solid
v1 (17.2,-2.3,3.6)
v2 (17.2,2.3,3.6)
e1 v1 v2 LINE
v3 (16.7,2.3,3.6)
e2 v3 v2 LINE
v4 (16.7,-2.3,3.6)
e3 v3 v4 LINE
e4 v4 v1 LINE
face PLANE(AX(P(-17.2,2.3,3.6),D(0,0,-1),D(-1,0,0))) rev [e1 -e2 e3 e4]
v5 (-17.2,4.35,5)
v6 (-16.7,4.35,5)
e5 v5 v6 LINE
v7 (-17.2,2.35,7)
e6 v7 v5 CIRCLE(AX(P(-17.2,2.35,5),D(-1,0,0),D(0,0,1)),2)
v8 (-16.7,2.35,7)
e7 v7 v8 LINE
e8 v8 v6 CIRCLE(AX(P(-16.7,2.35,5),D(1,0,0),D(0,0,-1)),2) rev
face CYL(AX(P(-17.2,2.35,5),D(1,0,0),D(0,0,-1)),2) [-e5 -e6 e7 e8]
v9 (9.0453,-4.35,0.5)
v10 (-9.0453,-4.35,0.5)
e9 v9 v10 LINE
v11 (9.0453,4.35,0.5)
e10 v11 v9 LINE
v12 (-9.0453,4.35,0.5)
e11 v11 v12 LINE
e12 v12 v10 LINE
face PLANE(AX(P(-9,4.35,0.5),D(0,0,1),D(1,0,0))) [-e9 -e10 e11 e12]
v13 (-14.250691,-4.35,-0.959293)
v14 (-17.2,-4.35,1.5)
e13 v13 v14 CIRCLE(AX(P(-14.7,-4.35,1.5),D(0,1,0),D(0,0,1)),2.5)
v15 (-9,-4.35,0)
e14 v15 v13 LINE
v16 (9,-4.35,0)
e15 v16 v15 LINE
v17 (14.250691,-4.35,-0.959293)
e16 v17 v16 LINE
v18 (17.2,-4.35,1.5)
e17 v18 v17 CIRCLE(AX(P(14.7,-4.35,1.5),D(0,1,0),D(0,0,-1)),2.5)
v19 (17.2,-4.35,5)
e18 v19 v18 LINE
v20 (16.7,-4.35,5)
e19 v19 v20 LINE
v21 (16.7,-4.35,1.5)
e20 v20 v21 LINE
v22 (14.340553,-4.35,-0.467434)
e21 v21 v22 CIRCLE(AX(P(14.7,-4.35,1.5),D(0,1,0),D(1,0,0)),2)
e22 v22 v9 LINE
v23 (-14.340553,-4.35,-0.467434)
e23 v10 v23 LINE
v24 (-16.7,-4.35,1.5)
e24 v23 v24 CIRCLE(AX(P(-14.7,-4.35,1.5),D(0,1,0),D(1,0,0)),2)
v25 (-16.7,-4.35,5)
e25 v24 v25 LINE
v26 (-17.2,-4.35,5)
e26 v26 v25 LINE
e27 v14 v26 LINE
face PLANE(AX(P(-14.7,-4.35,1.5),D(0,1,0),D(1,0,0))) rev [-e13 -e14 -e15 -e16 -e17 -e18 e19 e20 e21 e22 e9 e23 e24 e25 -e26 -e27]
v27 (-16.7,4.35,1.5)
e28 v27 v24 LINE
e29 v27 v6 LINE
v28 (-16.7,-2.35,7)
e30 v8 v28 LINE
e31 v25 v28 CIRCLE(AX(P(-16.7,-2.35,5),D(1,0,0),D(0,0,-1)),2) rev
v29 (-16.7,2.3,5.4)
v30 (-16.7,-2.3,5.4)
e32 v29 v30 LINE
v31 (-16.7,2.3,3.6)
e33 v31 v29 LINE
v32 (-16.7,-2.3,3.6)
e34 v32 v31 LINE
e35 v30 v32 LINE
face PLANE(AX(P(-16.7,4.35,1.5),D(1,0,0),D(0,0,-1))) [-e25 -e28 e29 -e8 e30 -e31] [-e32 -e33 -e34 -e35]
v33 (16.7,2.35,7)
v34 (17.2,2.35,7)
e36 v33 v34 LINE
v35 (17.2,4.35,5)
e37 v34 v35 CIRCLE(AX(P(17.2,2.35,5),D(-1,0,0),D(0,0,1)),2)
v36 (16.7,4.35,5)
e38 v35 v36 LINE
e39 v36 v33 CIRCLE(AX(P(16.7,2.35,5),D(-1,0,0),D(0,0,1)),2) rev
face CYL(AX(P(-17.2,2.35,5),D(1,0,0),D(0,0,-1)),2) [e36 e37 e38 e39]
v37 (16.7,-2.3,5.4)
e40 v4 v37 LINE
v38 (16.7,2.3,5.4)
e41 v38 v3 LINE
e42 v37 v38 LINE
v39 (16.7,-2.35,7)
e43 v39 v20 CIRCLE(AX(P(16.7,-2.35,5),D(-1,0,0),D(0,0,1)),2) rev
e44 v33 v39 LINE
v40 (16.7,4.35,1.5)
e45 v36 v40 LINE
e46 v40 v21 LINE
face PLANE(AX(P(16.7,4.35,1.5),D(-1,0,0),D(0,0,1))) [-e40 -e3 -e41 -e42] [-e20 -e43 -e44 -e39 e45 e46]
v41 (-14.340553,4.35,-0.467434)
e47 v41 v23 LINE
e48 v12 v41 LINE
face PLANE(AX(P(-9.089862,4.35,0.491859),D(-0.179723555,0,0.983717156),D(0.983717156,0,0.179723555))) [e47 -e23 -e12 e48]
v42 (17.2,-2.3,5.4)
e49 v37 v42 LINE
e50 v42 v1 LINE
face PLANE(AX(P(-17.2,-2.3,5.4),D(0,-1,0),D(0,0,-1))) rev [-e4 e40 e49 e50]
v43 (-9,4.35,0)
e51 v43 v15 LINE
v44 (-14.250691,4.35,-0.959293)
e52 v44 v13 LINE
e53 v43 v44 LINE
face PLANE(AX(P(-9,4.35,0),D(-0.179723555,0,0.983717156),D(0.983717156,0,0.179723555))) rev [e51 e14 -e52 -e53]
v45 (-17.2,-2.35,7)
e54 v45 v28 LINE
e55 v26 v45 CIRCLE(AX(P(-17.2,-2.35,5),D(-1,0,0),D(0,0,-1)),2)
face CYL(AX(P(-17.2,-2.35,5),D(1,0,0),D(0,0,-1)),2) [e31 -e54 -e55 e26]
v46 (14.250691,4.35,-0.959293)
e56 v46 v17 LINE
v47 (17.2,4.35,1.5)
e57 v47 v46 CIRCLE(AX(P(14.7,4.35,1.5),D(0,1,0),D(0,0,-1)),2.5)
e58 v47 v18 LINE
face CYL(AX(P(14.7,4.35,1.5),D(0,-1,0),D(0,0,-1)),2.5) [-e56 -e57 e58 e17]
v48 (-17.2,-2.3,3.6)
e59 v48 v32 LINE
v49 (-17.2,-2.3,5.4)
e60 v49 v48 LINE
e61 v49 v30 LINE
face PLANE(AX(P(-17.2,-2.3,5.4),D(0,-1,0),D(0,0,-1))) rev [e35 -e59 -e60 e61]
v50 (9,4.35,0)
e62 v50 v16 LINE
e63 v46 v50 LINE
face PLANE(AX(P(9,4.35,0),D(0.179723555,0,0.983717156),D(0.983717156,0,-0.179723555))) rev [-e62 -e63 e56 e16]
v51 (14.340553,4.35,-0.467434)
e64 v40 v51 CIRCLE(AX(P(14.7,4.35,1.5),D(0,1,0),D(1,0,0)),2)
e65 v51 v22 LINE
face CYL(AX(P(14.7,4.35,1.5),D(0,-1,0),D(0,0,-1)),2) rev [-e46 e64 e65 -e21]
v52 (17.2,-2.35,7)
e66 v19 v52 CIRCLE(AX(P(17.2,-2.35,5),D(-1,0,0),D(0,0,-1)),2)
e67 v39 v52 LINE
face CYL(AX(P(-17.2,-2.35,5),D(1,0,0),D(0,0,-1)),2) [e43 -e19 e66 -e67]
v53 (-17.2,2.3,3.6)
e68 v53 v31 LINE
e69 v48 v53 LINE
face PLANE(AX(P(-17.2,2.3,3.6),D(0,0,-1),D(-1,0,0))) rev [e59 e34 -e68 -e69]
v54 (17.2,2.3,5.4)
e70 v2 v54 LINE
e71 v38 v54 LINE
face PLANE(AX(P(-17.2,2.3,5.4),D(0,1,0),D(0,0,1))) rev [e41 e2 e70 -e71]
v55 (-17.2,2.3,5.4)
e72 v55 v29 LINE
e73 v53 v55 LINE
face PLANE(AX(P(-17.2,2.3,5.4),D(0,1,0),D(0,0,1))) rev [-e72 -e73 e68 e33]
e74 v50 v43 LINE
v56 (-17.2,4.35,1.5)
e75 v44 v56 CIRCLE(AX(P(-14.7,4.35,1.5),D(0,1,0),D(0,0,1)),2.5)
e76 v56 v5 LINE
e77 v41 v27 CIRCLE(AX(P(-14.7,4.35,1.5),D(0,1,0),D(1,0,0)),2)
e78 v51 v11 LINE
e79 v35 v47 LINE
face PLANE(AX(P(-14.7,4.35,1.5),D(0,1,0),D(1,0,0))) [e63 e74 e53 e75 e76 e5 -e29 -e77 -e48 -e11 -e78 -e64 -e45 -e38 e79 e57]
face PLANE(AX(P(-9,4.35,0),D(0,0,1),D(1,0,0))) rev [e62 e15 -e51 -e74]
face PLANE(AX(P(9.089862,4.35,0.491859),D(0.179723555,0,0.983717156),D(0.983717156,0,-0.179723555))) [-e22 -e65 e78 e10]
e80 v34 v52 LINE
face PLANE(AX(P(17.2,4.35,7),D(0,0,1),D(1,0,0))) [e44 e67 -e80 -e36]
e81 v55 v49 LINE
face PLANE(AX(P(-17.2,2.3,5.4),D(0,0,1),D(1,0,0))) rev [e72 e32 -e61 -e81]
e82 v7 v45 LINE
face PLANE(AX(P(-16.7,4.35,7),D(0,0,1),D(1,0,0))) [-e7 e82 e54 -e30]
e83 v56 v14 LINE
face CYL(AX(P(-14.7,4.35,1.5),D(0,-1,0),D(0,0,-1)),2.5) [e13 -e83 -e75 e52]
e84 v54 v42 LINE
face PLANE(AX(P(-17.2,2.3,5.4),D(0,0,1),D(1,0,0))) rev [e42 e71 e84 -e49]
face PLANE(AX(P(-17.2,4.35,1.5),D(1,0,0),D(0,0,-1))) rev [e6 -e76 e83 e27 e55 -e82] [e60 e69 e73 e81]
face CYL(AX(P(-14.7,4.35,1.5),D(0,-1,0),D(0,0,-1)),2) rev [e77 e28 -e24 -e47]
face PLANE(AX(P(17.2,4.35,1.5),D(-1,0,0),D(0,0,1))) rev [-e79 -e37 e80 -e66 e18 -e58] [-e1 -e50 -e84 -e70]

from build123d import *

# Parameters (mm, degrees)
BASE_EXTRUDE_THIN_DEPTH = 4.35
SKETCH2_W               = 1.8
SKETCH2_H               = 4.6
CUT_EXTRUDE1_DEPTH      = 36.373471698


with BuildPart() as part:
    # Sketch1 → Base-Extrude-Thin (new, symmetric)
    with BuildSketch(Plane(origin=(0, 0, 0), x_dir=(1, 0, 0), z_dir=(0, 1, 0))):
        with BuildLine():
            Line((-17.2, -7), (-17.2, -1.5))
            ThreePointArc((-17.2, -1.5), (-16.30105087, 0.420061486), (-14.250691112, 0.959292891))
            Line((-14.250691112, 0.959292891), (-9, 0))
            Line((-9, 0), (9, 0))
            Line((9, 0), (14.250691112, 0.959292891))
            ThreePointArc((14.250691112, 0.959292891), (16.30105087, 0.420061486), (17.2, -1.5))
            Line((17.2, -1.5), (17.2, -7))
            Line((17.2, -7), (16.7, -7))
            Line((16.7, -7), (16.7, -1.5))
            ThreePointArc((16.7, -1.5), (15.980840696, 0.036049189), (14.340552889, 0.467434313))
            Line((14.340552889, 0.467434313), (9.045299693, -0.5))
            Line((9.045299693, -0.5), (-9.045299693, -0.5))
            Line((-9.045299693, -0.5), (-14.340552889, 0.467434313))
            ThreePointArc((-14.340552889, 0.467434313), (-15.980840696, 0.036049189), (-16.7, -1.5))
            Line((-16.7, -1.5), (-16.7, -7))
            Line((-16.7, -7), (-17.2, -7))
        make_face()
    extrude(amount=BASE_EXTRUDE_THIN_DEPTH, both=True)

    # Sketch2 → Cut-Extrude1 (cut, through all)
    with BuildSketch(Plane(origin=(17.2, 0, 0), x_dir=(0, 0, -1), z_dir=(1, 0, 0))):
        with Locations((-4.5, 0)):
            Rectangle(SKETCH2_W, SKETCH2_H)
        with BuildLine():
            Line((-7, 2.35), (-7, -2.35))
            ThreePointArc((-7, -2.35), (-6.414213562, -3.764213562), (-5, -4.35))
            Line((-5, -4.35), (-5, -8))
            Line((-5, -8), (-10, -8))
            Line((-10, -8), (-10, 8))
            Line((-10, 8), (-5, 8))
            Line((-5, 8), (-5, 4.35))
            ThreePointArc((-5, 4.35), (-6.414213562, 3.764213562), (-7, 2.35))
        make_face()
    extrude(amount=-CUT_EXTRUDE1_DEPTH, mode=Mode.SUBTRACT)


solid = part.part
